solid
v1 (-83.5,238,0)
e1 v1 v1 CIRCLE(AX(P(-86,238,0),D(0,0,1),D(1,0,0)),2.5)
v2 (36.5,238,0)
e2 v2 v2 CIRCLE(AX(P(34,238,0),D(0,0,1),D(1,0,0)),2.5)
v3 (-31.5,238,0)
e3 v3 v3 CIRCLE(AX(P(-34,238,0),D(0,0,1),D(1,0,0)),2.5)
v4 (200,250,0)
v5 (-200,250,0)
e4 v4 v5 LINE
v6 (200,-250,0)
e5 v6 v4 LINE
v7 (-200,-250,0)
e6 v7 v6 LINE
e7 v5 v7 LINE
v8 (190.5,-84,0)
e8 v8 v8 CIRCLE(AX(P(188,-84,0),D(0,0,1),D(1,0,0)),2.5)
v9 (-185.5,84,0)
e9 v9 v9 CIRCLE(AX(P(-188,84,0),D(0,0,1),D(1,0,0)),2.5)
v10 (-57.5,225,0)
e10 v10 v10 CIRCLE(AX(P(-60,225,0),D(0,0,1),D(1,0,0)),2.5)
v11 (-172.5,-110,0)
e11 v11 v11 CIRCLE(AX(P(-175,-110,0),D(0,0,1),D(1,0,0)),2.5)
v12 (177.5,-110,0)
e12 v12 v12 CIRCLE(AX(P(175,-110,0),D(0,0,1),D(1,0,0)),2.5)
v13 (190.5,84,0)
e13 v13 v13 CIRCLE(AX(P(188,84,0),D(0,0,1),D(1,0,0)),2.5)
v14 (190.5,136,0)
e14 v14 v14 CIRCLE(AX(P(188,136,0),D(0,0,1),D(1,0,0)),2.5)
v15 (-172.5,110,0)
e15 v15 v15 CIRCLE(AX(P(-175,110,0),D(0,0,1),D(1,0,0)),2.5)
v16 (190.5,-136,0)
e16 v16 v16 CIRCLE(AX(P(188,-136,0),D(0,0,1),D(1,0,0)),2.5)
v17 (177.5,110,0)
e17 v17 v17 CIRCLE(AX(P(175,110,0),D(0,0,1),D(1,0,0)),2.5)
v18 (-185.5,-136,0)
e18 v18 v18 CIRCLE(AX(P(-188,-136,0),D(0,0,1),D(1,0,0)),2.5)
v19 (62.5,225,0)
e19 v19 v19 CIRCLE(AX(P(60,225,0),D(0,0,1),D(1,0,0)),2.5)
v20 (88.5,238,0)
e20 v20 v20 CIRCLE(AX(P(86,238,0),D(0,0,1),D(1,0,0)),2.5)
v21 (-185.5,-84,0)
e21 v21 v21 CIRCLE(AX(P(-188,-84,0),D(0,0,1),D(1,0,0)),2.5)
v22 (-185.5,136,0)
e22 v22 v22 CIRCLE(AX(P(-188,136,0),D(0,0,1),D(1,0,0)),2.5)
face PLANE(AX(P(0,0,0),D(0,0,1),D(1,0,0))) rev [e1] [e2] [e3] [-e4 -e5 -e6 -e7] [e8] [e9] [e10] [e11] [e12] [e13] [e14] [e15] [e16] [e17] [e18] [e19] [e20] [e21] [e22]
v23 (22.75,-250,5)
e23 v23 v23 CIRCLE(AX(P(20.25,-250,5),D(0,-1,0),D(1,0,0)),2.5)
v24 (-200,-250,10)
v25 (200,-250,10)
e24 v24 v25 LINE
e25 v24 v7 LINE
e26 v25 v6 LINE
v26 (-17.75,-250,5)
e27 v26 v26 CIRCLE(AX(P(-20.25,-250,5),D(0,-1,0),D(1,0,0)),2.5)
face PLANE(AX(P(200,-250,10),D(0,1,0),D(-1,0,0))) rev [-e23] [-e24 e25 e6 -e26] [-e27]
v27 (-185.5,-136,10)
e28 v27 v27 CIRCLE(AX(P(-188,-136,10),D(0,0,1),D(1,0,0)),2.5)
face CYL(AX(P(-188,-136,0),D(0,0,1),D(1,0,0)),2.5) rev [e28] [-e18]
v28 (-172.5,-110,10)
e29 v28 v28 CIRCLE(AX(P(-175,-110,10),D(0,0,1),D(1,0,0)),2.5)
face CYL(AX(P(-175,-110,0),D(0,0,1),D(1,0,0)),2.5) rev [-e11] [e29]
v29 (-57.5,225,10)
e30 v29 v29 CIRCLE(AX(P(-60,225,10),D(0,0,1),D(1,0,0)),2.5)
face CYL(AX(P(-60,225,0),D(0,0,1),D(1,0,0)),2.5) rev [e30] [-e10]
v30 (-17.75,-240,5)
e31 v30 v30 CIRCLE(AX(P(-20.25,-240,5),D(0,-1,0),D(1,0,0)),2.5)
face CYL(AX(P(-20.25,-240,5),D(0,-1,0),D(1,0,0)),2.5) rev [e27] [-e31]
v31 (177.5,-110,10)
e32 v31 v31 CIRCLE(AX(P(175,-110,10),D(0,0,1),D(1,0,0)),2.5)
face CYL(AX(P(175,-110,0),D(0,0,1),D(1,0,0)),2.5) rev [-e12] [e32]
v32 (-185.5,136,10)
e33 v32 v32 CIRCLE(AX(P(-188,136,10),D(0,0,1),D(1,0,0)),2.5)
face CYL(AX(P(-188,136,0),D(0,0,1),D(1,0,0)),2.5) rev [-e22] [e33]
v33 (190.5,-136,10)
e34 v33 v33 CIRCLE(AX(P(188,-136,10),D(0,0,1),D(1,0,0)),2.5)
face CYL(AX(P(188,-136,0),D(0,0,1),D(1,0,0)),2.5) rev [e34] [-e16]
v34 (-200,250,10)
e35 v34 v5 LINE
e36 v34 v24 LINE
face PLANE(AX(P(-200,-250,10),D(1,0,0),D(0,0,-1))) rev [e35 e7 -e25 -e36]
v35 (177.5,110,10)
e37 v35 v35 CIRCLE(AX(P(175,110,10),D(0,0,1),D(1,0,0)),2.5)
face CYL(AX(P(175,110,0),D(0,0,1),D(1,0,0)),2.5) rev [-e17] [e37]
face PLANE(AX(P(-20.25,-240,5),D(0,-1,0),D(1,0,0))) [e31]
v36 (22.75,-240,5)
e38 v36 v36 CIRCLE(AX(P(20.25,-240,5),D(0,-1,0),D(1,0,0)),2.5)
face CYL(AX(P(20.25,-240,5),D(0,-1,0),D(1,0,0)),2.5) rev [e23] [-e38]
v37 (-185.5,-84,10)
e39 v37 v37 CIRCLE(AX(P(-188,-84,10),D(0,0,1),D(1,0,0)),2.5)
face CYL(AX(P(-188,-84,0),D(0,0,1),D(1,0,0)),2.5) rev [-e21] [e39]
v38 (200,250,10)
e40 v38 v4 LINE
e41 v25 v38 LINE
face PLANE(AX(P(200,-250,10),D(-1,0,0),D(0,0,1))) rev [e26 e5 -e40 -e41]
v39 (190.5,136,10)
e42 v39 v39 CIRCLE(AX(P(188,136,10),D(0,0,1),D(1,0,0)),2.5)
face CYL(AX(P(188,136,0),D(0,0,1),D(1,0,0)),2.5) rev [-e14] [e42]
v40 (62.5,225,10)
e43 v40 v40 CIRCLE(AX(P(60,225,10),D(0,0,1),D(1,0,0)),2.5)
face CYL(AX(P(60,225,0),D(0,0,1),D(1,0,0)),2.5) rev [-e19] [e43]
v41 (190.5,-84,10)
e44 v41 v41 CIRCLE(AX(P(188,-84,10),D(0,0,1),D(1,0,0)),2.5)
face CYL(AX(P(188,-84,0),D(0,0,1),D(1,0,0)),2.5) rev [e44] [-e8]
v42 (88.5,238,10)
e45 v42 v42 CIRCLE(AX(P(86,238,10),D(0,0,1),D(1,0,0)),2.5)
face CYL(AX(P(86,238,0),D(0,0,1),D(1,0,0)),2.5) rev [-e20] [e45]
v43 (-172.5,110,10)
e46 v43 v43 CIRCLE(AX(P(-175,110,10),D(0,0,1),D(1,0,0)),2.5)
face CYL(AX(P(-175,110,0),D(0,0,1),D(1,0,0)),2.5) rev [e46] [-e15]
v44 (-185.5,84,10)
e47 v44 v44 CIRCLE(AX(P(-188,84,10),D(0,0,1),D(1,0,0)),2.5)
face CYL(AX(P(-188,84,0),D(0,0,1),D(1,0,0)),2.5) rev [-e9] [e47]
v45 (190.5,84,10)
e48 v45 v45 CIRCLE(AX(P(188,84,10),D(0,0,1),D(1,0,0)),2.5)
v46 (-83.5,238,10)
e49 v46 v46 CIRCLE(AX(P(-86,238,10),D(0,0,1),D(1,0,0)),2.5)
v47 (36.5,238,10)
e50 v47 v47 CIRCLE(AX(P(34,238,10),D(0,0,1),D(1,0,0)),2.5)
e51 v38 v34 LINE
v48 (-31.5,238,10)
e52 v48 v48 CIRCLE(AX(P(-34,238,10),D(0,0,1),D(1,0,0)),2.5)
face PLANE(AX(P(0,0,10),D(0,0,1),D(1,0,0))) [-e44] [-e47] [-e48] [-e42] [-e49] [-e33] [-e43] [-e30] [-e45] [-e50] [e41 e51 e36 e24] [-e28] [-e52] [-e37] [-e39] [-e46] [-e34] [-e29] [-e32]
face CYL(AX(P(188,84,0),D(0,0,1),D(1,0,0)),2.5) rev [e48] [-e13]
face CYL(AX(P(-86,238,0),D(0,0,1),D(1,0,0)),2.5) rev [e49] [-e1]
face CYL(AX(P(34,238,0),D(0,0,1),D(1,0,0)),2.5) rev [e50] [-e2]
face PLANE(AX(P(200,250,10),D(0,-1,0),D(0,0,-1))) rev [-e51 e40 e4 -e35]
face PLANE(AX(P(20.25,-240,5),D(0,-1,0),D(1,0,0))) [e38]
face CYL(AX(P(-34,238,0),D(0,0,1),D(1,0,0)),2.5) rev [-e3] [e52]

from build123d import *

# Parameters (mm, degrees)
SKETCH1_W           = 400
SKETCH1_H           = 500
BOSS_EXTRUDE1_DEPTH = 10
SKETCH2_R           = 2.5
CUT_EXTRUDE1_DEPTH  = 321.312347561
SKETCH3_R           = 2.5
CUT_EXTRUDE2_DEPTH  = 10


with BuildPart() as part:
    # Sketch1 → Boss-Extrude1 (new body)
    with BuildSketch(Plane.XY):
        Rectangle(SKETCH1_W, SKETCH1_H)
    extrude(amount=BOSS_EXTRUDE1_DEPTH)

    # Sketch2 → Cut-Extrude1 (cut, through all)
    with BuildSketch(Plane.XY.offset(10)):
        with Locations((-188, -136)):
            Circle(SKETCH2_R)
        with Locations((-175, -110)):
            Circle(SKETCH2_R)
        with Locations((-188, -84)):
            Circle(SKETCH2_R)
        with Locations((-188, 136)):
            Circle(SKETCH2_R)
        with Locations((-175, 110)):
            Circle(SKETCH2_R)
        with Locations((-188, 84)):
            Circle(SKETCH2_R)
        with Locations((-86, 238)):
            Circle(SKETCH2_R)
        with Locations((-60, 225)):
            Circle(SKETCH2_R)
        with Locations((-34, 238)):
            Circle(SKETCH2_R)
        with Locations((34, 238)):
            Circle(SKETCH2_R)
        with Locations((60, 225)):
            Circle(SKETCH2_R)
        with Locations((86, 238)):
            Circle(SKETCH2_R)
        with Locations((175, 110)):
            Circle(SKETCH2_R)
        with Locations((188, 136)):
            Circle(SKETCH2_R)
        with Locations((188, 84)):
            Circle(SKETCH2_R)
        with Locations((188, -84)):
            Circle(SKETCH2_R)
        with Locations((175, -110)):
            Circle(SKETCH2_R)
        with Locations((188, -136)):
            Circle(SKETCH2_R)
    extrude(amount=-CUT_EXTRUDE1_DEPTH, mode=Mode.SUBTRACT)

    # Sketch3 → Cut-Extrude2 (cut)
    with BuildSketch(Plane.XZ.offset(250)):
        with Locations((-20.25, 5)):
            Circle(SKETCH3_R)
        with Locations((20.25, 5)):
            Circle(SKETCH3_R)
    extrude(amount=-CUT_EXTRUDE2_DEPTH, mode=Mode.SUBTRACT)


solid = part.part
